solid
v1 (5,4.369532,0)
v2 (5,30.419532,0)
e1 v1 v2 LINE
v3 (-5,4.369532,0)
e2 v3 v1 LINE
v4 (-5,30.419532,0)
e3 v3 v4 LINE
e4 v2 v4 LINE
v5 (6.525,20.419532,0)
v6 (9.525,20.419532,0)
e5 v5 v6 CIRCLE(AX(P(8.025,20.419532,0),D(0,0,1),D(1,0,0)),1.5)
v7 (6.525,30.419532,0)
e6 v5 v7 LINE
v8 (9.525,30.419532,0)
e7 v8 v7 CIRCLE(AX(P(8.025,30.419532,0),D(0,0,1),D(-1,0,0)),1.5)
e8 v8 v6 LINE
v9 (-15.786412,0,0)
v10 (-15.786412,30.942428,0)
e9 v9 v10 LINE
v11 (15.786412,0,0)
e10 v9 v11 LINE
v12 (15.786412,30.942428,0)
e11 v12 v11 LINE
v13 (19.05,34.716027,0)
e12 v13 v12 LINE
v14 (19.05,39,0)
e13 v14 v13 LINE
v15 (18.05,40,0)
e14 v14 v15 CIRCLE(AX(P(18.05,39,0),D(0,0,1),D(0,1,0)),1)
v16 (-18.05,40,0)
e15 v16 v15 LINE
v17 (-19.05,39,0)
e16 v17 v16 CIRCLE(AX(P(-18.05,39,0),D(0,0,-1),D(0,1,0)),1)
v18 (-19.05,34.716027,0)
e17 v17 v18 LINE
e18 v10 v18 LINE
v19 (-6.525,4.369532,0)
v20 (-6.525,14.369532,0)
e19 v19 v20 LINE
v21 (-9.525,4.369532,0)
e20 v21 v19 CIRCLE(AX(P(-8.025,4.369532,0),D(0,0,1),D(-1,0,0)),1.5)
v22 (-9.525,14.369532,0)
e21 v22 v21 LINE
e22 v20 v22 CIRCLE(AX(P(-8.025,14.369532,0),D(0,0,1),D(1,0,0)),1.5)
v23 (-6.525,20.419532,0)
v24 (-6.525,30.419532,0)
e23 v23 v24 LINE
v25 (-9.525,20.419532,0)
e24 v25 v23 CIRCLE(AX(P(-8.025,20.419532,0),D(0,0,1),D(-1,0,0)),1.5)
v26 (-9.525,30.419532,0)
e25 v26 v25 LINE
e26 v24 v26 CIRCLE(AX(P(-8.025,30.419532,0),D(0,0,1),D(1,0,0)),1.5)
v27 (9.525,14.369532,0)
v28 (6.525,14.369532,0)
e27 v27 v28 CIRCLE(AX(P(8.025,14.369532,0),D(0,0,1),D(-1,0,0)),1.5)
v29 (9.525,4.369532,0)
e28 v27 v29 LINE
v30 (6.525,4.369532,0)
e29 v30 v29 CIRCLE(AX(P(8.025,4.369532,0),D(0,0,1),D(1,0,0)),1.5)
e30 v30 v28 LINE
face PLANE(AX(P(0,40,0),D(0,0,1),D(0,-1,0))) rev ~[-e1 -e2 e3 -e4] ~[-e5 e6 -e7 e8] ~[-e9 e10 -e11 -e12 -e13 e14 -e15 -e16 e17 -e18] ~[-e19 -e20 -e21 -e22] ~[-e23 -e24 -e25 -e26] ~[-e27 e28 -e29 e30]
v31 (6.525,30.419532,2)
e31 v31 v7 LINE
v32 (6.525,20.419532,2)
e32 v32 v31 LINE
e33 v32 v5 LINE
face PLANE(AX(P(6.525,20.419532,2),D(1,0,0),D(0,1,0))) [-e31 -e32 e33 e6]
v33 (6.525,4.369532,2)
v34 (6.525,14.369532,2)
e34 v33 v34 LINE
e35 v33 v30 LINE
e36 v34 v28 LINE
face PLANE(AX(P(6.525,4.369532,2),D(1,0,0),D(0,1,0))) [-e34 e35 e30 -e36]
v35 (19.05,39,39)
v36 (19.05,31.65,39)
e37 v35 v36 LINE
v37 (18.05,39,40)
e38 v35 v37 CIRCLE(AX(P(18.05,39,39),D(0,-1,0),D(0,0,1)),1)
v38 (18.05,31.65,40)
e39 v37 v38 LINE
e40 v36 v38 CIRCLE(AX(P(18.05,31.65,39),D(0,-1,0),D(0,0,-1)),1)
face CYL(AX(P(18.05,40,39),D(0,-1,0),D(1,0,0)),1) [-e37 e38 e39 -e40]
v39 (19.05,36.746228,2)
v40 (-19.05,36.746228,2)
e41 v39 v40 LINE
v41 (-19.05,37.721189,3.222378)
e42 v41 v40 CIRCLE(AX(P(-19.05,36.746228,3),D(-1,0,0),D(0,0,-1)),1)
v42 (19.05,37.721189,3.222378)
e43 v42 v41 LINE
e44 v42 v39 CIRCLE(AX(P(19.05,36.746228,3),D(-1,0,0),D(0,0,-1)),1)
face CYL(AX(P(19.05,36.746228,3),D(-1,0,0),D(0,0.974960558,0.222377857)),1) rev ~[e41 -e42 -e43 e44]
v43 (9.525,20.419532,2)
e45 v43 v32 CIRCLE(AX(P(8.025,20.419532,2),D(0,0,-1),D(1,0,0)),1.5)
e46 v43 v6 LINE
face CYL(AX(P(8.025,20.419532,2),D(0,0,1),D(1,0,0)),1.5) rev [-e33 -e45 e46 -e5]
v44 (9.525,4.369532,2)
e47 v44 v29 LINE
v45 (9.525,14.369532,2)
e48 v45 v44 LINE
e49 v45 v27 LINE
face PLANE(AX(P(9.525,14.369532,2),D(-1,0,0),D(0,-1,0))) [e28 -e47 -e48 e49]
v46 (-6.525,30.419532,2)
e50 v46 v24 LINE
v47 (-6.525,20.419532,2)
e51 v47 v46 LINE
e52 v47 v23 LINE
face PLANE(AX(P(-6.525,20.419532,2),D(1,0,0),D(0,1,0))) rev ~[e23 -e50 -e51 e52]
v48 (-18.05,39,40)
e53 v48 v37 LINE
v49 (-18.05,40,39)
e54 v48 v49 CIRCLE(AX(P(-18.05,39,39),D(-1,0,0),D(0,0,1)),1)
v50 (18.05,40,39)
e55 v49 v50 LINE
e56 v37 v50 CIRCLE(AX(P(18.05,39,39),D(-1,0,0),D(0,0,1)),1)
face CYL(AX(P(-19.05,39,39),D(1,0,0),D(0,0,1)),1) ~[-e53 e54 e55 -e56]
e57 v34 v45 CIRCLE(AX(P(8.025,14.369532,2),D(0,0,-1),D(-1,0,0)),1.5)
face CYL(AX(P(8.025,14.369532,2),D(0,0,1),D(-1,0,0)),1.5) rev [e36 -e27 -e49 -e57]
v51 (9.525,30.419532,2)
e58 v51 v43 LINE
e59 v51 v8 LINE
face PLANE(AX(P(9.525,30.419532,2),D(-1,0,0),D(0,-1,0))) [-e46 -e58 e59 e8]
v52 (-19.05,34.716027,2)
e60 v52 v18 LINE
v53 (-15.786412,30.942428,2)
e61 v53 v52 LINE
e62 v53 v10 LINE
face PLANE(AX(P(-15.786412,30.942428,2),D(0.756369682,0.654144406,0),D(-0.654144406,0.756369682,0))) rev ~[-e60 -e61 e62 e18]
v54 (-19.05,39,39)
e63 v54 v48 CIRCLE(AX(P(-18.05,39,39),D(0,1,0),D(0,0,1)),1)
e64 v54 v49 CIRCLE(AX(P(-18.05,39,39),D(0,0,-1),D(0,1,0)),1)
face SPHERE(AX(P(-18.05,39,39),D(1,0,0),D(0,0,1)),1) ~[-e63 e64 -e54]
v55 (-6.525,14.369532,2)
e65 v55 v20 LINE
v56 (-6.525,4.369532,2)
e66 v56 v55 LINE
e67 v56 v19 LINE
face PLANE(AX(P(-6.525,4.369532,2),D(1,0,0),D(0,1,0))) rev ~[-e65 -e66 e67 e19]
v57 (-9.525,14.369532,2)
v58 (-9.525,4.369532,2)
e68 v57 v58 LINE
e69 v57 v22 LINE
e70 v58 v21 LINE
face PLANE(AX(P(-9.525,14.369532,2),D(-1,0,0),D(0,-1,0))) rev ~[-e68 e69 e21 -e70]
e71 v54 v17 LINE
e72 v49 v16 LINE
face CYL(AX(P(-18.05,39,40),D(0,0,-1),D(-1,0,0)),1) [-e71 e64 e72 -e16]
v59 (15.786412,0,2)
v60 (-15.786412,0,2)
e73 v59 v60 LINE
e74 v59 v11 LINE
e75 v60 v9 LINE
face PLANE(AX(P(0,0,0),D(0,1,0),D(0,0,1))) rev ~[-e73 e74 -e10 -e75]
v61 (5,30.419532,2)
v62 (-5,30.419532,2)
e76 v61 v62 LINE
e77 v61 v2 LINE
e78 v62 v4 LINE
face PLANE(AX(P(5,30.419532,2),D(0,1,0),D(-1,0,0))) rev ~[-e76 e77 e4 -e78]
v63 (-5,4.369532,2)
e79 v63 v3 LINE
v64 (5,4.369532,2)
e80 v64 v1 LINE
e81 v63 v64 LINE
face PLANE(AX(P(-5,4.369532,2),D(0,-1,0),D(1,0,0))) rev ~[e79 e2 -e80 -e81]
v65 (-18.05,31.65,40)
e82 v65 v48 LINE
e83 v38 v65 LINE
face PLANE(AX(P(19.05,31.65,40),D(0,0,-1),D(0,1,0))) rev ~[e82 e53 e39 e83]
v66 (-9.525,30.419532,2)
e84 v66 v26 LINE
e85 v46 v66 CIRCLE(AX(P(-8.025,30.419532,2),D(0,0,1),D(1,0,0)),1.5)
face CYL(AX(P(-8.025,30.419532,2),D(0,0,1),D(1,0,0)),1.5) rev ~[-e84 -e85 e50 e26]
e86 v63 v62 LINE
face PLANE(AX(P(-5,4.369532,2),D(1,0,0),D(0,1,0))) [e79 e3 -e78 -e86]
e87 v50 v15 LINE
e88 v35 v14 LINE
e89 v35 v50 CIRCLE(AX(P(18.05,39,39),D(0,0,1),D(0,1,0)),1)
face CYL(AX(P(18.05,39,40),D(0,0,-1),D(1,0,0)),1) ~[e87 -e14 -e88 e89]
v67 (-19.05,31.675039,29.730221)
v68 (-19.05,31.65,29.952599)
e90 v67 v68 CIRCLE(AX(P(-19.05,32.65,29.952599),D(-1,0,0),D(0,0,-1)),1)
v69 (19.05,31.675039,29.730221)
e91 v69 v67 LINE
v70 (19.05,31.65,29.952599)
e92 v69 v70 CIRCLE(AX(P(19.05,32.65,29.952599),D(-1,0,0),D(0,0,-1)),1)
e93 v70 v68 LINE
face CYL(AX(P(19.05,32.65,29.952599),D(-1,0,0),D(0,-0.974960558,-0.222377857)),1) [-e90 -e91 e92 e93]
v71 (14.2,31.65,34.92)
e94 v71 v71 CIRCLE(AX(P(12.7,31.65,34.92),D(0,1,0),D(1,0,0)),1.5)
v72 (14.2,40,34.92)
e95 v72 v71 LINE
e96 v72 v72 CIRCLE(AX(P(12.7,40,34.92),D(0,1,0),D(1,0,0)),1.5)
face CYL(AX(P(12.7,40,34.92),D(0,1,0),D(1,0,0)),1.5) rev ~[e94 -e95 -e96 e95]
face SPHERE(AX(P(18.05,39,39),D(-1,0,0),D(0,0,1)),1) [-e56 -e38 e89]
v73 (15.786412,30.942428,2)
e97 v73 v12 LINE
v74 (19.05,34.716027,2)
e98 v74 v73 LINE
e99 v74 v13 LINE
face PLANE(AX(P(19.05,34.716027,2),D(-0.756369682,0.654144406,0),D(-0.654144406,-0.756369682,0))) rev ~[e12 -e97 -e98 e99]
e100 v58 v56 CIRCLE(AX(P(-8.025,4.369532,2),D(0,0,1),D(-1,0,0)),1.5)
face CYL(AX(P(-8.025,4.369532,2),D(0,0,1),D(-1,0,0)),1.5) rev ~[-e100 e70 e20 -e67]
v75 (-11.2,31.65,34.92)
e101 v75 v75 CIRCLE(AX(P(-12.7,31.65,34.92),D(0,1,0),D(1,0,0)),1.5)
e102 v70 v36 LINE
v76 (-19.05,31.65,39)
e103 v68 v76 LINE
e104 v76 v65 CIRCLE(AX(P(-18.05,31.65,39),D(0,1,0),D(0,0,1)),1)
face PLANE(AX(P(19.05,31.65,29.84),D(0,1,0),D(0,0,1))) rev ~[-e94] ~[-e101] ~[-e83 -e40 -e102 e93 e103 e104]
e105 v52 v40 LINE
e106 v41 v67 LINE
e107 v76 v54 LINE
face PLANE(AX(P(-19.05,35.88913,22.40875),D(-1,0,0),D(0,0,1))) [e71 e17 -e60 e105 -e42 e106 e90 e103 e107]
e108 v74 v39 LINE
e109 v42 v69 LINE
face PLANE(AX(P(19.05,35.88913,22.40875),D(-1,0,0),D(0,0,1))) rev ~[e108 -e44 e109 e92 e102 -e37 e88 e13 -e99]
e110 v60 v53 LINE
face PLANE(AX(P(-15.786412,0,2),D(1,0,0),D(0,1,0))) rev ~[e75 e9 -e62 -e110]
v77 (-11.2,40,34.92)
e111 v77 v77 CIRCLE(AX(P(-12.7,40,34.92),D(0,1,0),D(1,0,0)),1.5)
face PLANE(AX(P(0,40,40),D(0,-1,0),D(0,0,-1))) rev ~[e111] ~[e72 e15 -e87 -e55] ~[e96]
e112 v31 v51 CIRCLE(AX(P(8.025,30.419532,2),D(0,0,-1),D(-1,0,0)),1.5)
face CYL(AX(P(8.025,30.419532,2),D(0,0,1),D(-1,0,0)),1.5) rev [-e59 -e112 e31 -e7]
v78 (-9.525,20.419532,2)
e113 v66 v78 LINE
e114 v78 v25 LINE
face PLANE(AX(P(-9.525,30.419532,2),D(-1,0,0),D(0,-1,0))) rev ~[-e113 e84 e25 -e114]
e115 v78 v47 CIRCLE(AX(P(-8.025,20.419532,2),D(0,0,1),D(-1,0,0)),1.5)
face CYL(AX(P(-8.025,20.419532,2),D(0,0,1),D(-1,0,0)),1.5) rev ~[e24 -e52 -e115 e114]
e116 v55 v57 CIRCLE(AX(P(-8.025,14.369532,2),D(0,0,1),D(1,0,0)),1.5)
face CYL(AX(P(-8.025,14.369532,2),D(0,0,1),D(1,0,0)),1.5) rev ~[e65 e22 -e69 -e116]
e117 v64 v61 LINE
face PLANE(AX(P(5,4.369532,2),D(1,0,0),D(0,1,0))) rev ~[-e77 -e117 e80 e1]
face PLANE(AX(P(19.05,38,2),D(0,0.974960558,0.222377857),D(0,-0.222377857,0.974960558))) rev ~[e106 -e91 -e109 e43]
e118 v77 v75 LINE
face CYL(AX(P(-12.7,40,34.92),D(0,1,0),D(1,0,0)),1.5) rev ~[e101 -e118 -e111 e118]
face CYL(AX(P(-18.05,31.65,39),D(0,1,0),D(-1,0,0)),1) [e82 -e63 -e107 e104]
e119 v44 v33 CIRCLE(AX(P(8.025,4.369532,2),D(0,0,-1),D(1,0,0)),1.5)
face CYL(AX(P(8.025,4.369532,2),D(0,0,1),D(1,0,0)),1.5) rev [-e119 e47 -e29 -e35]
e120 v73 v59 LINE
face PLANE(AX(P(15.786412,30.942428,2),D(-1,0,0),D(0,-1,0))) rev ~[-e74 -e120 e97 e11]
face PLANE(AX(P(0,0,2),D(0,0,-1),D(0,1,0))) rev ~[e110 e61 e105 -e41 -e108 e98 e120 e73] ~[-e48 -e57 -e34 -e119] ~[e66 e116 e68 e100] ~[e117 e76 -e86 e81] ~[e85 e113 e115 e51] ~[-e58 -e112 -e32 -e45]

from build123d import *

# Parameters (mm, degrees)
BOSS_EXTRUDE1_DEPTH = 19.05
SKETCH3_W           = 5
SKETCH3_H           = 26.05
CUT_EXTRUDE2_DEPTH  = 3
BOSS_EXTRUDE2_DEPTH = 38.1
SKETCH5_R           = 1.5
CUT_EXTRUDE3_DEPTH  = 8.35
FILLET1_R           = 1


with BuildPart() as part:
    # Sketch1 → Boss-Extrude1 (new body, symmetric)
    with BuildSketch(Plane(origin=(0, 0, 0), x_dir=(0, 0, -1), z_dir=(1, 0, 0))):
        Polygon((0, 0), (-2, 0), (-2, 38), (-40, 38), (-40, 40), (0, 40), align=None)
    extrude(amount=BOSS_EXTRUDE1_DEPTH, both=True)

    # Sketch3 → Cut-Extrude2 (cut, through all)
    with BuildSketch(Plane.XY.offset(2)):
        with Locations((2.5, 17.394531681)):
            Rectangle(SKETCH3_W, SKETCH3_H)
        with Locations((-2.5, 17.394531681)):
            Rectangle(SKETCH3_W, SKETCH3_H)
        with BuildLine():
            Line((-9.525, 30.419531681), (-9.525, 20.419531681))
            ThreePointArc((-9.525, 20.419531681), (-8.025, 18.919531681), (-6.525, 20.419531681))
            Line((-6.525, 20.419531681), (-6.525, 30.419531681))
            ThreePointArc((-6.525, 30.419531681), (-8.025, 31.919531681), (-9.525, 30.419531681))
        make_face()
        with BuildLine():
            Line((-9.525, 14.369531681), (-9.525, 4.369531681))
            ThreePointArc((-9.525, 4.369531681), (-8.025, 2.869531681), (-6.525, 4.369531681))
            Line((-6.525, 4.369531681), (-6.525, 14.369531681))
            ThreePointArc((-6.525, 14.369531681), (-8.025, 15.869531681), (-9.525, 14.369531681))
        make_face()
        with BuildLine():
            ThreePointArc((9.525, 20.419531681), (8.025, 18.919531681), (6.525, 20.419531681))
            Line((6.525, 20.419531681), (6.525, 30.419531681))
            ThreePointArc((6.525, 30.419531681), (8.025, 31.919531681), (9.525, 30.419531681))
            Line((9.525, 30.419531681), (9.525, 20.419531681))
        make_face()
        with BuildLine():
            ThreePointArc((9.525, 4.369531681), (8.025, 2.869531681), (6.525, 4.369531681))
            Line((6.525, 4.369531681), (6.525, 14.369531681))
            ThreePointArc((6.525, 14.369531681), (8.025, 15.869531681), (9.525, 14.369531681))
            Line((9.525, 14.369531681), (9.525, 4.369531681))
        make_face()
        Polygon((-15.786412439, 30.942427664), (-19.05, 34.716026675), (-19.05, 0), (-15.786412439, 0), align=None)
        Polygon((15.786412439, 30.942427664), (15.786412439, 0), (19.05, 0), (19.05, 34.716026675), align=None)
    extrude(amount=-CUT_EXTRUDE2_DEPTH, mode=Mode.SUBTRACT)

    # Sketch4 → Boss-Extrude2 (add)
    with BuildSketch(Plane(origin=(19.05, 0, 0), x_dir=(0, 0, -1), z_dir=(1, 0, 0))):
        Polygon((-2, 38), (-29.84, 31.65), (-40, 31.65), (-40, 38), align=None)
    extrude(amount=-BOSS_EXTRUDE2_DEPTH)

    # Sketch5 → Cut-Extrude3 (cut)
    with BuildSketch(Plane(origin=(0, 40, 0), x_dir=(1, 0, 0), z_dir=(0, 1, 0))):
        with Locations((-12.7, -34.92)):
            Circle(SKETCH5_R)
        with Locations((12.7, -34.92)):
            Circle(SKETCH5_R)
    extrude(amount=-CUT_EXTRUDE3_DEPTH, mode=Mode.SUBTRACT)

    # Fillet1
    fillet1_edges = [part.edges().sort_by_distance(p)[0] for p in [
        (0, 38, 2),
        (0, 40, 40),
        (0, 31.65, 29.84),
        (19.05, 35.825, 40),
        (-19.05, 35.825, 40),
        (-19.05, 40, 20),
        (19.05, 40, 20),
    ]]
    fillet(fillet1_edges, radius=FILLET1_R)


solid = part.part
